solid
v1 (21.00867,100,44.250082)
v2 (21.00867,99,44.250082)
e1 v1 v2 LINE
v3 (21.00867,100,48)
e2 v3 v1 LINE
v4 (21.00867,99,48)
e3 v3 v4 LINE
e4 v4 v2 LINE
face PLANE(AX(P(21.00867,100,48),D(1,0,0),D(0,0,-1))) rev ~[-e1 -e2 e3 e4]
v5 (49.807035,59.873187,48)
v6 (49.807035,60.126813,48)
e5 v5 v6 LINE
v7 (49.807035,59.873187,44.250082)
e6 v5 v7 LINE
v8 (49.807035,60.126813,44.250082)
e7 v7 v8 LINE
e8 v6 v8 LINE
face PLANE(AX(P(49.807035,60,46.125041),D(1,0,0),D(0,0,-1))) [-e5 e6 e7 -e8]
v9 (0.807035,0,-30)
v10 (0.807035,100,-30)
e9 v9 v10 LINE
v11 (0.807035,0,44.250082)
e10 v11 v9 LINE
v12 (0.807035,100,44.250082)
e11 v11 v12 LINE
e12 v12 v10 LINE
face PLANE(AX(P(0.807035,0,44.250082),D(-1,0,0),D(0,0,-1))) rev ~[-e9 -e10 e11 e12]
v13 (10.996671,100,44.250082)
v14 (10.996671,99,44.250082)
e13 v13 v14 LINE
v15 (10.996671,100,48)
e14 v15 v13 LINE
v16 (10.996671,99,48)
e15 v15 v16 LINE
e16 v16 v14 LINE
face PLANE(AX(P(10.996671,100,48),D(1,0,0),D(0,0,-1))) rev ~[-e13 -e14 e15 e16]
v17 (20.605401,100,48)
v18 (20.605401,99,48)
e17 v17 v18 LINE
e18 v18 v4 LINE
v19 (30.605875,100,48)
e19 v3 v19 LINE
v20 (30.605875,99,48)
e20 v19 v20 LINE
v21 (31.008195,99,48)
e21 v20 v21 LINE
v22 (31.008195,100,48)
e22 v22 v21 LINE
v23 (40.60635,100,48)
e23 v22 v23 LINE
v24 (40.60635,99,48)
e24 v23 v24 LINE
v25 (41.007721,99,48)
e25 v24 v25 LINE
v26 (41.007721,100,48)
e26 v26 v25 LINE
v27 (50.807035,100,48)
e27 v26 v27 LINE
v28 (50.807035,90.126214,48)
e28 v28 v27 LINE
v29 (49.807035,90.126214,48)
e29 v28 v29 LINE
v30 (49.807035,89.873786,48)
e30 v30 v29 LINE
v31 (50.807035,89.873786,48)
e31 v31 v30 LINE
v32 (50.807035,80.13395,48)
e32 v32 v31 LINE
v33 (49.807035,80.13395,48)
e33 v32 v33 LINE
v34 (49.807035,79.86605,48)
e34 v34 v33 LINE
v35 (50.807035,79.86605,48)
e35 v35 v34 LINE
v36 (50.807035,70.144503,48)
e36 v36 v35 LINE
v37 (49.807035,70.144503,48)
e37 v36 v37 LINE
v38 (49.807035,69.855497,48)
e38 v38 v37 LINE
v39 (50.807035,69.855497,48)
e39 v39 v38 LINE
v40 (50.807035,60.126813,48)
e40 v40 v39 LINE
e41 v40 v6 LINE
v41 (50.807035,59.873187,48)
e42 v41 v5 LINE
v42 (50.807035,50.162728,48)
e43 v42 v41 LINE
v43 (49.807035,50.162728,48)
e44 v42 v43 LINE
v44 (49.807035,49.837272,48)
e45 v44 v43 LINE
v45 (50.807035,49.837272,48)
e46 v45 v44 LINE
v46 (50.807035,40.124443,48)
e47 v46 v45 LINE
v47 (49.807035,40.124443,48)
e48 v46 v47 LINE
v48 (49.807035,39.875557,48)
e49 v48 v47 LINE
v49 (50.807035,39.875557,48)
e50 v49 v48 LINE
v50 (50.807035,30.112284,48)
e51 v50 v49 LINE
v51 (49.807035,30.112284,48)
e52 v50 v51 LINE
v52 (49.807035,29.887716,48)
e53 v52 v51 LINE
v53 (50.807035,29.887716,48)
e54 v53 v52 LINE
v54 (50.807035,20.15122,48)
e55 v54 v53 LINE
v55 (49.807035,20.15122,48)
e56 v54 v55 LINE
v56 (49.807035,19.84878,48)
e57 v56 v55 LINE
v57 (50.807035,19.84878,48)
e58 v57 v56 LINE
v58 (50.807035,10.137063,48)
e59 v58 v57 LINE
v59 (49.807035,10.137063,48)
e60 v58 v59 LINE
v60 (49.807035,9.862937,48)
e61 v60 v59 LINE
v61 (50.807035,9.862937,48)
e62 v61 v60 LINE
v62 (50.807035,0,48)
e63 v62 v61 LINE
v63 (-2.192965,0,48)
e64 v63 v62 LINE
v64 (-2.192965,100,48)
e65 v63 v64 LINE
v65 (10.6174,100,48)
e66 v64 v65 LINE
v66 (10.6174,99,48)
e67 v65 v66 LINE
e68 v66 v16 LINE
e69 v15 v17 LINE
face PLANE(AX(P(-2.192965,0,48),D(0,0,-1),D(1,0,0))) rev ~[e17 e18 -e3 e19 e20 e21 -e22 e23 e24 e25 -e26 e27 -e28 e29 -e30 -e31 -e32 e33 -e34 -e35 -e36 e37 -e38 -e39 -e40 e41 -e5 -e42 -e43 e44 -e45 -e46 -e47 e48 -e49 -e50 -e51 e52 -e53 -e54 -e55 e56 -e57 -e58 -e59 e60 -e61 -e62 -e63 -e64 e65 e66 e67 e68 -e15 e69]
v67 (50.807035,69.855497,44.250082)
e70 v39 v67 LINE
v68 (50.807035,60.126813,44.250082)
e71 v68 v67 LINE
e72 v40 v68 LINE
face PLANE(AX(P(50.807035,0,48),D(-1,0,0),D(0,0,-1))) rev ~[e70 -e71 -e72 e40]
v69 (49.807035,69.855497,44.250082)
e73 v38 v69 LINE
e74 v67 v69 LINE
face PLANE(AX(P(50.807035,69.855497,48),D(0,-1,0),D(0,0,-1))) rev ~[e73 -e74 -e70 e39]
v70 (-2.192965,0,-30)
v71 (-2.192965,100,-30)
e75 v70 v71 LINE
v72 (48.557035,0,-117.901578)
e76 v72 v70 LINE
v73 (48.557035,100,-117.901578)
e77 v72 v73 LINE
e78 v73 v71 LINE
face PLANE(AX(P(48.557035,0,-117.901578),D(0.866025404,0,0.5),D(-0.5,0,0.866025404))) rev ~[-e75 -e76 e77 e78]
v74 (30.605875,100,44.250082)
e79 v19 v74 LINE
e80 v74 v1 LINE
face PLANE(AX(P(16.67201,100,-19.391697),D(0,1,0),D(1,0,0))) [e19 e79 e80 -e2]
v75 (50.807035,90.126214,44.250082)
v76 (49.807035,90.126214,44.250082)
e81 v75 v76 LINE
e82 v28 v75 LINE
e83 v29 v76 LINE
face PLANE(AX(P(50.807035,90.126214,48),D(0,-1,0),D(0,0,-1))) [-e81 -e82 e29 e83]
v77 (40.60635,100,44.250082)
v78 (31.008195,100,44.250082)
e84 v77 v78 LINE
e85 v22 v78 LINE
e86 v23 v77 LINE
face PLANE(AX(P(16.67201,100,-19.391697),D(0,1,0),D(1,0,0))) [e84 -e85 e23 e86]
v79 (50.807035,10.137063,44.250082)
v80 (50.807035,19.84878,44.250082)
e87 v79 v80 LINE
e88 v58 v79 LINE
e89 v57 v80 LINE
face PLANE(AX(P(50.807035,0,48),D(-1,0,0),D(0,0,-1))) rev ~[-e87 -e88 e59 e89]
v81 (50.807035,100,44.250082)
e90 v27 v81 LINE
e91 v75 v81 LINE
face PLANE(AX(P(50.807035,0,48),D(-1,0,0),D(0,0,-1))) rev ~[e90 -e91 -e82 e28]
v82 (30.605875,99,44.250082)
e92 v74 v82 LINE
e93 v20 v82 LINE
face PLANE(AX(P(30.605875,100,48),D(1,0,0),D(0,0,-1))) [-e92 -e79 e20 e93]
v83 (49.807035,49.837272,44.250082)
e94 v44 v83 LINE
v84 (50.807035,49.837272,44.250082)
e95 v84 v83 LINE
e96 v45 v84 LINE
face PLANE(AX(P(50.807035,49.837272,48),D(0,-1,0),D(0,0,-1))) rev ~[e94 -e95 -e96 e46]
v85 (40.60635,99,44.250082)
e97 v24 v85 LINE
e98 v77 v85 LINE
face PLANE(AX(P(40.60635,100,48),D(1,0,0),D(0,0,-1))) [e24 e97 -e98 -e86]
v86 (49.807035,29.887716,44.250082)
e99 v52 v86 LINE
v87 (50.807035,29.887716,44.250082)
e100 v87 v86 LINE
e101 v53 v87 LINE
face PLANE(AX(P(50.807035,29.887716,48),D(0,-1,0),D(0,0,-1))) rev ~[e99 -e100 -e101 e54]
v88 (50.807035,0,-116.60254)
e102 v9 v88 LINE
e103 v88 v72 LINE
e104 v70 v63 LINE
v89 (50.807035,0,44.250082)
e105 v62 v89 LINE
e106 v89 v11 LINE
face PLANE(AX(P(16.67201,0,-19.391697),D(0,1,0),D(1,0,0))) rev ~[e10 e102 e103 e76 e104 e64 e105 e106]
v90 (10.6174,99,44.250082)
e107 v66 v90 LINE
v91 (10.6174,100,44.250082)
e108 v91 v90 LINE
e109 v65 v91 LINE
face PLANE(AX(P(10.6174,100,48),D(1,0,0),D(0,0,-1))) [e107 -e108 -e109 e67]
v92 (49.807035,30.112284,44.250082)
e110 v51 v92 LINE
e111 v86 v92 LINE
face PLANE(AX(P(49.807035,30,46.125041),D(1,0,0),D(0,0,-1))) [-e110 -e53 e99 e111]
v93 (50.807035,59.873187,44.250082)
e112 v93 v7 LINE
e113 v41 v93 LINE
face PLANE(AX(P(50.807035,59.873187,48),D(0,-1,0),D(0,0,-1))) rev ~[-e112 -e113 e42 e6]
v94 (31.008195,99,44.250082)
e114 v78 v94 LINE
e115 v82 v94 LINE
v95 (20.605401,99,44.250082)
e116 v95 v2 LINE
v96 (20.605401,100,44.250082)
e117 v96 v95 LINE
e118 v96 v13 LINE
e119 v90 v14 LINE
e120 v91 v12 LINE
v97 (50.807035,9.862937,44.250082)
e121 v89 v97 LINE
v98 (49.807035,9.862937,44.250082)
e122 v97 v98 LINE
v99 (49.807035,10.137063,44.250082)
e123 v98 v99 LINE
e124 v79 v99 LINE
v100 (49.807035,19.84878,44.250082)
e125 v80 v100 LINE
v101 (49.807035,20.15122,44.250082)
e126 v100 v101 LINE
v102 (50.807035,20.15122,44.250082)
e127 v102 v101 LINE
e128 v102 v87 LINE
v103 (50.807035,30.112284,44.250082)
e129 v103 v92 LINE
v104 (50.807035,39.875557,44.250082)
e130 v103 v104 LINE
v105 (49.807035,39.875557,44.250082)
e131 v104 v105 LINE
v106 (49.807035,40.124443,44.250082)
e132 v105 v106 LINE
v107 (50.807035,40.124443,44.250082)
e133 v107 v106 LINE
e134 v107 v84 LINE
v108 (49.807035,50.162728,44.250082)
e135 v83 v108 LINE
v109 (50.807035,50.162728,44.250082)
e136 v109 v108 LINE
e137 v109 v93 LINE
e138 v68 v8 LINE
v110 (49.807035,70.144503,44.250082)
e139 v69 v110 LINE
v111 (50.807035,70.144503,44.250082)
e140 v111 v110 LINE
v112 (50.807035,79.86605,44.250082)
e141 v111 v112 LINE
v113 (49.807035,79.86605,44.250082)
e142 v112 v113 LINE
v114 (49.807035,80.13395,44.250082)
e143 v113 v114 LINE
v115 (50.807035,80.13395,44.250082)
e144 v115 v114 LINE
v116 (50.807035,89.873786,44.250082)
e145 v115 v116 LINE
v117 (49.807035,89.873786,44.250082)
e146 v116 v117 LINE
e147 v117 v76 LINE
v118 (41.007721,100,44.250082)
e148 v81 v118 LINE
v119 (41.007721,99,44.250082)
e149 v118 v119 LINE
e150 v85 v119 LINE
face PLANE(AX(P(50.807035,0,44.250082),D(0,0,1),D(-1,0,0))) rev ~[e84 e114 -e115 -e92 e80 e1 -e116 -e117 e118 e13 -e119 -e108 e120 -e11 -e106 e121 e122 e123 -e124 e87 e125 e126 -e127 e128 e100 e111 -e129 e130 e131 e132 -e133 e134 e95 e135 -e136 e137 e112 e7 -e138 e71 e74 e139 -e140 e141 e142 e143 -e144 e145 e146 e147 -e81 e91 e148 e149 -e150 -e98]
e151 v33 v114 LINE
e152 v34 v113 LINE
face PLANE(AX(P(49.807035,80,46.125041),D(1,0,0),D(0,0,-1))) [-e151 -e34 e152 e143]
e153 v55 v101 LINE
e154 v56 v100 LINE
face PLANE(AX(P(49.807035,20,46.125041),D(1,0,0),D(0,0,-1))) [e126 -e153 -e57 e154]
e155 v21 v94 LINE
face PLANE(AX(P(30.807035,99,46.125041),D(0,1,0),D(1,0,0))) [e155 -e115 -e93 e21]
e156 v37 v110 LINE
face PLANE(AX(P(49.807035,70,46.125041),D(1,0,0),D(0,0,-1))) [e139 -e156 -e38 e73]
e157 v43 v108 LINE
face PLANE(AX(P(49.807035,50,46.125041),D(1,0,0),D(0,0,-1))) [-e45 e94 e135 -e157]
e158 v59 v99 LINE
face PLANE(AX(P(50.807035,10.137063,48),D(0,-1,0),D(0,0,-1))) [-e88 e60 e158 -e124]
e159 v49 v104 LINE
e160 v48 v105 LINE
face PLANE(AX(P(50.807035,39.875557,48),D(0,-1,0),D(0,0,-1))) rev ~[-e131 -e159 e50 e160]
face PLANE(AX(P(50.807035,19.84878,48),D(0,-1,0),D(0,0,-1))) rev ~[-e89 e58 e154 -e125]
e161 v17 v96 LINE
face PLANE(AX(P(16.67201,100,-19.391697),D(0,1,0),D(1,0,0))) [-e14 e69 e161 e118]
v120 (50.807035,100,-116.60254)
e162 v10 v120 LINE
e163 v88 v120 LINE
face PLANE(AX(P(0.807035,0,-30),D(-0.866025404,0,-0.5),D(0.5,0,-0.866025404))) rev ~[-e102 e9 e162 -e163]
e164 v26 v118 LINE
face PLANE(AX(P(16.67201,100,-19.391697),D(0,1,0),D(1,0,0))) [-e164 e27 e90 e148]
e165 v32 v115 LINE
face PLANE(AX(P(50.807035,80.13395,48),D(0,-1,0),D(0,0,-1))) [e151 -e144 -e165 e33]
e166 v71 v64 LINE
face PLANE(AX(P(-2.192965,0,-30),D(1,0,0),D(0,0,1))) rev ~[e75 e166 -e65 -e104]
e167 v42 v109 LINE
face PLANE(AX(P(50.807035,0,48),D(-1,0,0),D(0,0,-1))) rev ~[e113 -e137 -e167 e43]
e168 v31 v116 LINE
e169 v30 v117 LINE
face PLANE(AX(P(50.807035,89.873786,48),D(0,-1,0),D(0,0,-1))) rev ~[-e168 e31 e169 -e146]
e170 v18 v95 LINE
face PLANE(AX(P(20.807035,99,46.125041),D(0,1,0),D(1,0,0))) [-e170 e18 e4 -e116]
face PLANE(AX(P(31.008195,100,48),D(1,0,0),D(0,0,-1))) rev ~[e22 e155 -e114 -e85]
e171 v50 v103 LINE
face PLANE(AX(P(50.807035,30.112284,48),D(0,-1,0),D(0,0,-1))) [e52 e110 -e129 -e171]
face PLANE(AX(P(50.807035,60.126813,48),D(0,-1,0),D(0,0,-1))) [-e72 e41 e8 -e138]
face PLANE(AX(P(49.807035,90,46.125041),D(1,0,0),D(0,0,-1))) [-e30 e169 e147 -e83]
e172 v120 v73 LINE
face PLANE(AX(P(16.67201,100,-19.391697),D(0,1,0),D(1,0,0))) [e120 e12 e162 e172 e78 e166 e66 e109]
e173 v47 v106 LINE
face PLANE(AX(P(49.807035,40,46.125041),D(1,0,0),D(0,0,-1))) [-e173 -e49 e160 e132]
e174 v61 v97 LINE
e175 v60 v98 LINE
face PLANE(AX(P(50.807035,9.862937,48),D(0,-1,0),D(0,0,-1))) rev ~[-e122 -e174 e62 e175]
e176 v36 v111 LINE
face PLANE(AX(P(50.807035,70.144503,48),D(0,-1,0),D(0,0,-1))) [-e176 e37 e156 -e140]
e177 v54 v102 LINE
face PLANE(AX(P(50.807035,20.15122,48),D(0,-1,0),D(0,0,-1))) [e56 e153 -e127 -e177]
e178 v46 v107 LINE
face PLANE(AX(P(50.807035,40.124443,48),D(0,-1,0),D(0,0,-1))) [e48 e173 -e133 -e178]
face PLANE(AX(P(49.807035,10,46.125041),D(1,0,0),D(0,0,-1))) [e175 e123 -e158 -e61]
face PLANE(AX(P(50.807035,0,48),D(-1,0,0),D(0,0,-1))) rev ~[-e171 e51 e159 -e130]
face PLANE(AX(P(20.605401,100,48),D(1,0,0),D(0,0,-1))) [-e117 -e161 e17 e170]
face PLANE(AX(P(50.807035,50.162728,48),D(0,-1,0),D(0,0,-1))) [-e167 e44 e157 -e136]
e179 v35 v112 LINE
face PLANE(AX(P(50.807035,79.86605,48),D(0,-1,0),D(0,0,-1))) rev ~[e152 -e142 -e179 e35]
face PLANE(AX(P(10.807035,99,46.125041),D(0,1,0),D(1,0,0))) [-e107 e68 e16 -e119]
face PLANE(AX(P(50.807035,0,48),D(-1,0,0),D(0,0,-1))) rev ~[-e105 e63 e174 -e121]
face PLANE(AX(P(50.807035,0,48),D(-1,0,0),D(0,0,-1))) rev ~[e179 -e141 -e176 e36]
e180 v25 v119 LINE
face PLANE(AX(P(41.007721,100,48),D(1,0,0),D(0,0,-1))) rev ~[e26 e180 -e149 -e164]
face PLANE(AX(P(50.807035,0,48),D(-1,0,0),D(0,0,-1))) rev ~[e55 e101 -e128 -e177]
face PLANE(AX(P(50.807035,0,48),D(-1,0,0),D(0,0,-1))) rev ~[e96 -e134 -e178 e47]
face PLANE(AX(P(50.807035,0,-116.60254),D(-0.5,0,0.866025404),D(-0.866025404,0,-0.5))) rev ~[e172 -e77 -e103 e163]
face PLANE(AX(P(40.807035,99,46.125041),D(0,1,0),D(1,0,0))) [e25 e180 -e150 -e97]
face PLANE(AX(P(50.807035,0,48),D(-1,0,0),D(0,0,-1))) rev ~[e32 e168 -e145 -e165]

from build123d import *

# Parameters (mm, degrees)
BOSS_EXTRUDE1_DEPTH = 100
SKETCH2_W           = 3.749917695
SKETCH2_H           = 0.25242756
SKETCH2_H_2         = 0.267899142
SKETCH2_H_3         = 0.289005846
SKETCH2_H_4         = 0.253626666
SKETCH2_H_5         = 0.325456574
SKETCH2_H_6         = 0.248885072
SKETCH2_H_7         = 0.22456854
SKETCH2_H_8         = 0.302440332
SKETCH2_H_9         = 0.27412506
CUT_EXTRUDE1_DEPTH  = 1
SKETCH3_W           = 0.401370442
SKETCH3_H           = 3.749917695
SKETCH3_W_2         = 0.402319906
SKETCH3_W_3         = 0.403269369
SKETCH3_W_4         = 0.379270676
CUT_EXTRUDE2_DEPTH  = 1


with BuildPart() as part:
    # Sketch1 → Boss-Extrude1 (new body)
    with BuildSketch(Plane(origin=(0, 0, 0), x_dir=(1, 0, 0), z_dir=(0, 1, 0))):
        Polygon((0.807035346, 30), (50.807035346, 116.602540378), (48.557035346, 117.901578484), (-2.192964654, 30), (-2.192964654, 0), (-2.192964654, -48), (50.807035346, -48), (50.807035346, -44.250082305), (0.807035346, -44.250082305), (0.807035346, -10), (0.807035346, 3.423298646), align=None)
    extrude(amount=BOSS_EXTRUDE1_DEPTH)

    # Sketch2 → Cut-Extrude1 (cut)
    with BuildSketch(Plane(origin=(50.807035346, 0, 0), x_dir=(0, 0, -1), z_dir=(1, 0, 0))):
        with Locations((-46.125041153, 90)):
            Rectangle(SKETCH2_W, SKETCH2_H)
        with Locations((-46.125041153, 80)):
            Rectangle(SKETCH2_W, SKETCH2_H_2)
        with Locations((-46.125041153, 70)):
            Rectangle(SKETCH2_W, SKETCH2_H_3)
        with Locations((-46.125041153, 60)):
            Rectangle(SKETCH2_W, SKETCH2_H_4)
        with Locations((-46.125041153, 50)):
            Rectangle(SKETCH2_W, SKETCH2_H_5)
        with Locations((-46.125041153, 40)):
            Rectangle(SKETCH2_W, SKETCH2_H_6)
        with Locations((-46.125041153, 30)):
            Rectangle(SKETCH2_W, SKETCH2_H_7)
        with Locations((-46.125041153, 20)):
            Rectangle(SKETCH2_W, SKETCH2_H_8)
        with Locations((-46.125041153, 10)):
            Rectangle(SKETCH2_W, SKETCH2_H_9)
    extrude(amount=-CUT_EXTRUDE1_DEPTH, mode=Mode.SUBTRACT)

    # Sketch3 → Cut-Extrude2 (cut)
    with BuildSketch(Plane(origin=(0, 100, 0), x_dir=(1, 0, 0), z_dir=(0, 1, 0))):
        with Locations((40.807035346, -46.125041153)):
            Rectangle(SKETCH3_W, SKETCH3_H)
        with Locations((30.807035346, -46.125041153)):
            Rectangle(SKETCH3_W_2, SKETCH3_H)
        with Locations((20.807035346, -46.125041153)):
            Rectangle(SKETCH3_W_3, SKETCH3_H)
        with Locations((10.807035346, -46.125041153)):
            Rectangle(SKETCH3_W_4, SKETCH3_H)
    extrude(amount=-CUT_EXTRUDE2_DEPTH, mode=Mode.SUBTRACT)


solid = part.part
